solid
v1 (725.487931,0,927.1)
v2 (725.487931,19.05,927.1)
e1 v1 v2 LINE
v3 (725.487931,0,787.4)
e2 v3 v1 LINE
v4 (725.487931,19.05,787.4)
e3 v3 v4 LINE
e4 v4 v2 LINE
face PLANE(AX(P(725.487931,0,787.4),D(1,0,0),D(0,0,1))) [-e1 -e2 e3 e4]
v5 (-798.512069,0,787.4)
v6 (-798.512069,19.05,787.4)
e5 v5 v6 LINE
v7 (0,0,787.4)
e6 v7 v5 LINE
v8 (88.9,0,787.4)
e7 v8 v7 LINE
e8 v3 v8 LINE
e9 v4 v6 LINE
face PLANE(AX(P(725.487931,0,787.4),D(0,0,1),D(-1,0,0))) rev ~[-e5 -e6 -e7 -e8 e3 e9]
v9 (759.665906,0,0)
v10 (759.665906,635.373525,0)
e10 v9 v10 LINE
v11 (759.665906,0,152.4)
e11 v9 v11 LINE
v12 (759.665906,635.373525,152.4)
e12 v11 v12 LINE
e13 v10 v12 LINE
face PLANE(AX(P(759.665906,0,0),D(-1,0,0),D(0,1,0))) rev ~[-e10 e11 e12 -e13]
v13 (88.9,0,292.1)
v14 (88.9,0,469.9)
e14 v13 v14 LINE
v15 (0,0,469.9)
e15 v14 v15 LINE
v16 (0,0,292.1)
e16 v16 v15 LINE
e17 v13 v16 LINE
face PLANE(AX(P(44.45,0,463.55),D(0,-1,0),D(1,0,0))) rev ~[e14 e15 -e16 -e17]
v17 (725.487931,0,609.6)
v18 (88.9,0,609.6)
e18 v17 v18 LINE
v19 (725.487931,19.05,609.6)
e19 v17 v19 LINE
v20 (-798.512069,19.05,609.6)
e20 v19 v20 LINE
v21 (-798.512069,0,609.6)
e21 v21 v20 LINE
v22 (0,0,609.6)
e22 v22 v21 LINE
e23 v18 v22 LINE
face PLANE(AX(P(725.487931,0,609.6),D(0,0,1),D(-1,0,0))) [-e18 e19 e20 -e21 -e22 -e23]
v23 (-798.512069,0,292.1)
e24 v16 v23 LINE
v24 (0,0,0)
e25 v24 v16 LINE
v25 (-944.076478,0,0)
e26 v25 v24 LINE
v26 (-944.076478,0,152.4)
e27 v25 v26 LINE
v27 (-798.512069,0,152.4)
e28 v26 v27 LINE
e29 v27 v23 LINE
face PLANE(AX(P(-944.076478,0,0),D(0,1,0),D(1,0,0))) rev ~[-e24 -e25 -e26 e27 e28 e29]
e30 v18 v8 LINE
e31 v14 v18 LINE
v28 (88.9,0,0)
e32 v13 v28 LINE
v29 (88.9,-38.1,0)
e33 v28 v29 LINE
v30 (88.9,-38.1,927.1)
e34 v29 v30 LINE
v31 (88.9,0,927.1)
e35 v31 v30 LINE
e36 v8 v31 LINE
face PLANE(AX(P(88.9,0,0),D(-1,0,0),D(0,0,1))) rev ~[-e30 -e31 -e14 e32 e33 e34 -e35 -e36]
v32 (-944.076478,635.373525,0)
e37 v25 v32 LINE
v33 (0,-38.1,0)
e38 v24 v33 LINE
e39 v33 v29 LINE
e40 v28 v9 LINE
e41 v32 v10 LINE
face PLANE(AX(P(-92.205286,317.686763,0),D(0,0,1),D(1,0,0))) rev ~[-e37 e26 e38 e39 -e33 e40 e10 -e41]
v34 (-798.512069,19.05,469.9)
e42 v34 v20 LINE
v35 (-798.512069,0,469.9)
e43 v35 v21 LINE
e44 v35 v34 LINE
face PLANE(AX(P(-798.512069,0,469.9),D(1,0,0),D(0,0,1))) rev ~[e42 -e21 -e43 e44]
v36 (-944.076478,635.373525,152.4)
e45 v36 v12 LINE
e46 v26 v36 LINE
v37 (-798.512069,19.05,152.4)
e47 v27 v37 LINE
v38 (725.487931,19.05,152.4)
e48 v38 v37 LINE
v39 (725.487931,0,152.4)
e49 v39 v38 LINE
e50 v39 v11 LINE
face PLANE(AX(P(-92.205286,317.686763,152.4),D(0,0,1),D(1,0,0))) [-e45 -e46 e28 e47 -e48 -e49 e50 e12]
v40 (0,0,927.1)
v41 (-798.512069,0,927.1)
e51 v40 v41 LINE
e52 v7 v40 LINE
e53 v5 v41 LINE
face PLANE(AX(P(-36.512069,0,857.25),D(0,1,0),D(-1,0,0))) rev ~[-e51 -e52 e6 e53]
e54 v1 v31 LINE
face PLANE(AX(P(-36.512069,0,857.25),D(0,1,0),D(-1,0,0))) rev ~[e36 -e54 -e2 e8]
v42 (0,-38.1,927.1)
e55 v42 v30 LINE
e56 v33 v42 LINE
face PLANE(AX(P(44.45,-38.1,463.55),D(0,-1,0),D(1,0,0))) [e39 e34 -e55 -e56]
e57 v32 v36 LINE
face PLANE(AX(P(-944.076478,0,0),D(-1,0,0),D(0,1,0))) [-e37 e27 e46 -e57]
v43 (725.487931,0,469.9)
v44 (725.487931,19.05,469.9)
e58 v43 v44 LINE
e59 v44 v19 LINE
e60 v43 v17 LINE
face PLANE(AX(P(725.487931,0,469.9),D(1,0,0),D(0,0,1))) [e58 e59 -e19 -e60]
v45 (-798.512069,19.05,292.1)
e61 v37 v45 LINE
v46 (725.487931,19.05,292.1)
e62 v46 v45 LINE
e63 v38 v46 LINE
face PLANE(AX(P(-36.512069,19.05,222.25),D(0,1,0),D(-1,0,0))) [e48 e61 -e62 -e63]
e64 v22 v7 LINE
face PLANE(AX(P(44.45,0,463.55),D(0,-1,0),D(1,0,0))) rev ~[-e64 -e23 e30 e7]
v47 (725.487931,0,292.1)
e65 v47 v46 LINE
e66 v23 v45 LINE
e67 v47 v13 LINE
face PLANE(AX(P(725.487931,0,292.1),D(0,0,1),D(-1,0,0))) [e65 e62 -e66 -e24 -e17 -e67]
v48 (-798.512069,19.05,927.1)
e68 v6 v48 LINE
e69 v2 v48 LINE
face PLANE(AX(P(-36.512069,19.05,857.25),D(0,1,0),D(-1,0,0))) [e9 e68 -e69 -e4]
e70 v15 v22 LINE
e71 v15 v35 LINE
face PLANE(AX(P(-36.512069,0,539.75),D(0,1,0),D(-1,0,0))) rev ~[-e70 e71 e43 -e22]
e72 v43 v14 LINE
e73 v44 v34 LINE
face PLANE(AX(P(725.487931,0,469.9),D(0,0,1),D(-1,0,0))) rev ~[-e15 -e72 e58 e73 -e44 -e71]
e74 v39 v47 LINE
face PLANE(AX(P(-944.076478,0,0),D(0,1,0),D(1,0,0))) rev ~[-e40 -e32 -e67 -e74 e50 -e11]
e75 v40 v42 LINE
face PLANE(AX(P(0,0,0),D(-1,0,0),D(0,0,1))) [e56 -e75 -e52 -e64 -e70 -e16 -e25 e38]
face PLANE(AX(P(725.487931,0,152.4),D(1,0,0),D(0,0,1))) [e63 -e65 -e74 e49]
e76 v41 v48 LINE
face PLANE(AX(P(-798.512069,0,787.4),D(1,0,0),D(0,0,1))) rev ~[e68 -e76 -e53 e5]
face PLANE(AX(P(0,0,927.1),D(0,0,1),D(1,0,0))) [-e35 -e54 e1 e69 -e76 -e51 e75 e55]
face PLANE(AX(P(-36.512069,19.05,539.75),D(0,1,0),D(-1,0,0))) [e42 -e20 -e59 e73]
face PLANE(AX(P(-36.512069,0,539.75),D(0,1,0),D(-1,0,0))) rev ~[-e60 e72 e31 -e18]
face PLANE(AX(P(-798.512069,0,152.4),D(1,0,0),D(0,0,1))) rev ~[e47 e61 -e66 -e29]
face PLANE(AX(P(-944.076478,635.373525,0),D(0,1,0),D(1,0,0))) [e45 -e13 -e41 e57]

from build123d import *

# Parameters (mm, degrees)
F0_W     = 88.9
F0_H     = 927.1
F1_DEPTH = 38.1
F2_W     = 1524
F2_H     = 139.7
F3_DEPTH = 19.05
F4_W     = 1703.7423849106
F4_H     = 635.3735253215
F5_DEPTH = 152.4


with BuildPart() as f1:
    # F0 (on Front) → F1 (new body)
    with BuildSketch(Plane.XZ):
        with Locations((44.45, 463.55)):
            Rectangle(F0_W, F0_H)
    extrude(amount=F1_DEPTH)

    # F2 (on face) → F3 (join)
    with BuildSketch(Plane(origin=(0, 0, 0), x_dir=(-1, 0, 0), z_dir=(0, 1, 0))):
        with Locations((36.5120689366, 222.25)):
            Rectangle(F2_W, F2_H)
        with Locations((36.5120689366, 539.75)):
            Rectangle(F2_W, F2_H)
        with Locations((36.5120689366, 857.25)):
            Rectangle(F2_W, F2_H)
    extrude(amount=F3_DEPTH)

    # F4 (on Top) → F5 (join)
    with BuildSketch(Plane.XY):
        with Locations((-92.205286026, 317.6867626607)):
            Rectangle(F4_W, F4_H)
    extrude(amount=F5_DEPTH)


solid = f1.part
